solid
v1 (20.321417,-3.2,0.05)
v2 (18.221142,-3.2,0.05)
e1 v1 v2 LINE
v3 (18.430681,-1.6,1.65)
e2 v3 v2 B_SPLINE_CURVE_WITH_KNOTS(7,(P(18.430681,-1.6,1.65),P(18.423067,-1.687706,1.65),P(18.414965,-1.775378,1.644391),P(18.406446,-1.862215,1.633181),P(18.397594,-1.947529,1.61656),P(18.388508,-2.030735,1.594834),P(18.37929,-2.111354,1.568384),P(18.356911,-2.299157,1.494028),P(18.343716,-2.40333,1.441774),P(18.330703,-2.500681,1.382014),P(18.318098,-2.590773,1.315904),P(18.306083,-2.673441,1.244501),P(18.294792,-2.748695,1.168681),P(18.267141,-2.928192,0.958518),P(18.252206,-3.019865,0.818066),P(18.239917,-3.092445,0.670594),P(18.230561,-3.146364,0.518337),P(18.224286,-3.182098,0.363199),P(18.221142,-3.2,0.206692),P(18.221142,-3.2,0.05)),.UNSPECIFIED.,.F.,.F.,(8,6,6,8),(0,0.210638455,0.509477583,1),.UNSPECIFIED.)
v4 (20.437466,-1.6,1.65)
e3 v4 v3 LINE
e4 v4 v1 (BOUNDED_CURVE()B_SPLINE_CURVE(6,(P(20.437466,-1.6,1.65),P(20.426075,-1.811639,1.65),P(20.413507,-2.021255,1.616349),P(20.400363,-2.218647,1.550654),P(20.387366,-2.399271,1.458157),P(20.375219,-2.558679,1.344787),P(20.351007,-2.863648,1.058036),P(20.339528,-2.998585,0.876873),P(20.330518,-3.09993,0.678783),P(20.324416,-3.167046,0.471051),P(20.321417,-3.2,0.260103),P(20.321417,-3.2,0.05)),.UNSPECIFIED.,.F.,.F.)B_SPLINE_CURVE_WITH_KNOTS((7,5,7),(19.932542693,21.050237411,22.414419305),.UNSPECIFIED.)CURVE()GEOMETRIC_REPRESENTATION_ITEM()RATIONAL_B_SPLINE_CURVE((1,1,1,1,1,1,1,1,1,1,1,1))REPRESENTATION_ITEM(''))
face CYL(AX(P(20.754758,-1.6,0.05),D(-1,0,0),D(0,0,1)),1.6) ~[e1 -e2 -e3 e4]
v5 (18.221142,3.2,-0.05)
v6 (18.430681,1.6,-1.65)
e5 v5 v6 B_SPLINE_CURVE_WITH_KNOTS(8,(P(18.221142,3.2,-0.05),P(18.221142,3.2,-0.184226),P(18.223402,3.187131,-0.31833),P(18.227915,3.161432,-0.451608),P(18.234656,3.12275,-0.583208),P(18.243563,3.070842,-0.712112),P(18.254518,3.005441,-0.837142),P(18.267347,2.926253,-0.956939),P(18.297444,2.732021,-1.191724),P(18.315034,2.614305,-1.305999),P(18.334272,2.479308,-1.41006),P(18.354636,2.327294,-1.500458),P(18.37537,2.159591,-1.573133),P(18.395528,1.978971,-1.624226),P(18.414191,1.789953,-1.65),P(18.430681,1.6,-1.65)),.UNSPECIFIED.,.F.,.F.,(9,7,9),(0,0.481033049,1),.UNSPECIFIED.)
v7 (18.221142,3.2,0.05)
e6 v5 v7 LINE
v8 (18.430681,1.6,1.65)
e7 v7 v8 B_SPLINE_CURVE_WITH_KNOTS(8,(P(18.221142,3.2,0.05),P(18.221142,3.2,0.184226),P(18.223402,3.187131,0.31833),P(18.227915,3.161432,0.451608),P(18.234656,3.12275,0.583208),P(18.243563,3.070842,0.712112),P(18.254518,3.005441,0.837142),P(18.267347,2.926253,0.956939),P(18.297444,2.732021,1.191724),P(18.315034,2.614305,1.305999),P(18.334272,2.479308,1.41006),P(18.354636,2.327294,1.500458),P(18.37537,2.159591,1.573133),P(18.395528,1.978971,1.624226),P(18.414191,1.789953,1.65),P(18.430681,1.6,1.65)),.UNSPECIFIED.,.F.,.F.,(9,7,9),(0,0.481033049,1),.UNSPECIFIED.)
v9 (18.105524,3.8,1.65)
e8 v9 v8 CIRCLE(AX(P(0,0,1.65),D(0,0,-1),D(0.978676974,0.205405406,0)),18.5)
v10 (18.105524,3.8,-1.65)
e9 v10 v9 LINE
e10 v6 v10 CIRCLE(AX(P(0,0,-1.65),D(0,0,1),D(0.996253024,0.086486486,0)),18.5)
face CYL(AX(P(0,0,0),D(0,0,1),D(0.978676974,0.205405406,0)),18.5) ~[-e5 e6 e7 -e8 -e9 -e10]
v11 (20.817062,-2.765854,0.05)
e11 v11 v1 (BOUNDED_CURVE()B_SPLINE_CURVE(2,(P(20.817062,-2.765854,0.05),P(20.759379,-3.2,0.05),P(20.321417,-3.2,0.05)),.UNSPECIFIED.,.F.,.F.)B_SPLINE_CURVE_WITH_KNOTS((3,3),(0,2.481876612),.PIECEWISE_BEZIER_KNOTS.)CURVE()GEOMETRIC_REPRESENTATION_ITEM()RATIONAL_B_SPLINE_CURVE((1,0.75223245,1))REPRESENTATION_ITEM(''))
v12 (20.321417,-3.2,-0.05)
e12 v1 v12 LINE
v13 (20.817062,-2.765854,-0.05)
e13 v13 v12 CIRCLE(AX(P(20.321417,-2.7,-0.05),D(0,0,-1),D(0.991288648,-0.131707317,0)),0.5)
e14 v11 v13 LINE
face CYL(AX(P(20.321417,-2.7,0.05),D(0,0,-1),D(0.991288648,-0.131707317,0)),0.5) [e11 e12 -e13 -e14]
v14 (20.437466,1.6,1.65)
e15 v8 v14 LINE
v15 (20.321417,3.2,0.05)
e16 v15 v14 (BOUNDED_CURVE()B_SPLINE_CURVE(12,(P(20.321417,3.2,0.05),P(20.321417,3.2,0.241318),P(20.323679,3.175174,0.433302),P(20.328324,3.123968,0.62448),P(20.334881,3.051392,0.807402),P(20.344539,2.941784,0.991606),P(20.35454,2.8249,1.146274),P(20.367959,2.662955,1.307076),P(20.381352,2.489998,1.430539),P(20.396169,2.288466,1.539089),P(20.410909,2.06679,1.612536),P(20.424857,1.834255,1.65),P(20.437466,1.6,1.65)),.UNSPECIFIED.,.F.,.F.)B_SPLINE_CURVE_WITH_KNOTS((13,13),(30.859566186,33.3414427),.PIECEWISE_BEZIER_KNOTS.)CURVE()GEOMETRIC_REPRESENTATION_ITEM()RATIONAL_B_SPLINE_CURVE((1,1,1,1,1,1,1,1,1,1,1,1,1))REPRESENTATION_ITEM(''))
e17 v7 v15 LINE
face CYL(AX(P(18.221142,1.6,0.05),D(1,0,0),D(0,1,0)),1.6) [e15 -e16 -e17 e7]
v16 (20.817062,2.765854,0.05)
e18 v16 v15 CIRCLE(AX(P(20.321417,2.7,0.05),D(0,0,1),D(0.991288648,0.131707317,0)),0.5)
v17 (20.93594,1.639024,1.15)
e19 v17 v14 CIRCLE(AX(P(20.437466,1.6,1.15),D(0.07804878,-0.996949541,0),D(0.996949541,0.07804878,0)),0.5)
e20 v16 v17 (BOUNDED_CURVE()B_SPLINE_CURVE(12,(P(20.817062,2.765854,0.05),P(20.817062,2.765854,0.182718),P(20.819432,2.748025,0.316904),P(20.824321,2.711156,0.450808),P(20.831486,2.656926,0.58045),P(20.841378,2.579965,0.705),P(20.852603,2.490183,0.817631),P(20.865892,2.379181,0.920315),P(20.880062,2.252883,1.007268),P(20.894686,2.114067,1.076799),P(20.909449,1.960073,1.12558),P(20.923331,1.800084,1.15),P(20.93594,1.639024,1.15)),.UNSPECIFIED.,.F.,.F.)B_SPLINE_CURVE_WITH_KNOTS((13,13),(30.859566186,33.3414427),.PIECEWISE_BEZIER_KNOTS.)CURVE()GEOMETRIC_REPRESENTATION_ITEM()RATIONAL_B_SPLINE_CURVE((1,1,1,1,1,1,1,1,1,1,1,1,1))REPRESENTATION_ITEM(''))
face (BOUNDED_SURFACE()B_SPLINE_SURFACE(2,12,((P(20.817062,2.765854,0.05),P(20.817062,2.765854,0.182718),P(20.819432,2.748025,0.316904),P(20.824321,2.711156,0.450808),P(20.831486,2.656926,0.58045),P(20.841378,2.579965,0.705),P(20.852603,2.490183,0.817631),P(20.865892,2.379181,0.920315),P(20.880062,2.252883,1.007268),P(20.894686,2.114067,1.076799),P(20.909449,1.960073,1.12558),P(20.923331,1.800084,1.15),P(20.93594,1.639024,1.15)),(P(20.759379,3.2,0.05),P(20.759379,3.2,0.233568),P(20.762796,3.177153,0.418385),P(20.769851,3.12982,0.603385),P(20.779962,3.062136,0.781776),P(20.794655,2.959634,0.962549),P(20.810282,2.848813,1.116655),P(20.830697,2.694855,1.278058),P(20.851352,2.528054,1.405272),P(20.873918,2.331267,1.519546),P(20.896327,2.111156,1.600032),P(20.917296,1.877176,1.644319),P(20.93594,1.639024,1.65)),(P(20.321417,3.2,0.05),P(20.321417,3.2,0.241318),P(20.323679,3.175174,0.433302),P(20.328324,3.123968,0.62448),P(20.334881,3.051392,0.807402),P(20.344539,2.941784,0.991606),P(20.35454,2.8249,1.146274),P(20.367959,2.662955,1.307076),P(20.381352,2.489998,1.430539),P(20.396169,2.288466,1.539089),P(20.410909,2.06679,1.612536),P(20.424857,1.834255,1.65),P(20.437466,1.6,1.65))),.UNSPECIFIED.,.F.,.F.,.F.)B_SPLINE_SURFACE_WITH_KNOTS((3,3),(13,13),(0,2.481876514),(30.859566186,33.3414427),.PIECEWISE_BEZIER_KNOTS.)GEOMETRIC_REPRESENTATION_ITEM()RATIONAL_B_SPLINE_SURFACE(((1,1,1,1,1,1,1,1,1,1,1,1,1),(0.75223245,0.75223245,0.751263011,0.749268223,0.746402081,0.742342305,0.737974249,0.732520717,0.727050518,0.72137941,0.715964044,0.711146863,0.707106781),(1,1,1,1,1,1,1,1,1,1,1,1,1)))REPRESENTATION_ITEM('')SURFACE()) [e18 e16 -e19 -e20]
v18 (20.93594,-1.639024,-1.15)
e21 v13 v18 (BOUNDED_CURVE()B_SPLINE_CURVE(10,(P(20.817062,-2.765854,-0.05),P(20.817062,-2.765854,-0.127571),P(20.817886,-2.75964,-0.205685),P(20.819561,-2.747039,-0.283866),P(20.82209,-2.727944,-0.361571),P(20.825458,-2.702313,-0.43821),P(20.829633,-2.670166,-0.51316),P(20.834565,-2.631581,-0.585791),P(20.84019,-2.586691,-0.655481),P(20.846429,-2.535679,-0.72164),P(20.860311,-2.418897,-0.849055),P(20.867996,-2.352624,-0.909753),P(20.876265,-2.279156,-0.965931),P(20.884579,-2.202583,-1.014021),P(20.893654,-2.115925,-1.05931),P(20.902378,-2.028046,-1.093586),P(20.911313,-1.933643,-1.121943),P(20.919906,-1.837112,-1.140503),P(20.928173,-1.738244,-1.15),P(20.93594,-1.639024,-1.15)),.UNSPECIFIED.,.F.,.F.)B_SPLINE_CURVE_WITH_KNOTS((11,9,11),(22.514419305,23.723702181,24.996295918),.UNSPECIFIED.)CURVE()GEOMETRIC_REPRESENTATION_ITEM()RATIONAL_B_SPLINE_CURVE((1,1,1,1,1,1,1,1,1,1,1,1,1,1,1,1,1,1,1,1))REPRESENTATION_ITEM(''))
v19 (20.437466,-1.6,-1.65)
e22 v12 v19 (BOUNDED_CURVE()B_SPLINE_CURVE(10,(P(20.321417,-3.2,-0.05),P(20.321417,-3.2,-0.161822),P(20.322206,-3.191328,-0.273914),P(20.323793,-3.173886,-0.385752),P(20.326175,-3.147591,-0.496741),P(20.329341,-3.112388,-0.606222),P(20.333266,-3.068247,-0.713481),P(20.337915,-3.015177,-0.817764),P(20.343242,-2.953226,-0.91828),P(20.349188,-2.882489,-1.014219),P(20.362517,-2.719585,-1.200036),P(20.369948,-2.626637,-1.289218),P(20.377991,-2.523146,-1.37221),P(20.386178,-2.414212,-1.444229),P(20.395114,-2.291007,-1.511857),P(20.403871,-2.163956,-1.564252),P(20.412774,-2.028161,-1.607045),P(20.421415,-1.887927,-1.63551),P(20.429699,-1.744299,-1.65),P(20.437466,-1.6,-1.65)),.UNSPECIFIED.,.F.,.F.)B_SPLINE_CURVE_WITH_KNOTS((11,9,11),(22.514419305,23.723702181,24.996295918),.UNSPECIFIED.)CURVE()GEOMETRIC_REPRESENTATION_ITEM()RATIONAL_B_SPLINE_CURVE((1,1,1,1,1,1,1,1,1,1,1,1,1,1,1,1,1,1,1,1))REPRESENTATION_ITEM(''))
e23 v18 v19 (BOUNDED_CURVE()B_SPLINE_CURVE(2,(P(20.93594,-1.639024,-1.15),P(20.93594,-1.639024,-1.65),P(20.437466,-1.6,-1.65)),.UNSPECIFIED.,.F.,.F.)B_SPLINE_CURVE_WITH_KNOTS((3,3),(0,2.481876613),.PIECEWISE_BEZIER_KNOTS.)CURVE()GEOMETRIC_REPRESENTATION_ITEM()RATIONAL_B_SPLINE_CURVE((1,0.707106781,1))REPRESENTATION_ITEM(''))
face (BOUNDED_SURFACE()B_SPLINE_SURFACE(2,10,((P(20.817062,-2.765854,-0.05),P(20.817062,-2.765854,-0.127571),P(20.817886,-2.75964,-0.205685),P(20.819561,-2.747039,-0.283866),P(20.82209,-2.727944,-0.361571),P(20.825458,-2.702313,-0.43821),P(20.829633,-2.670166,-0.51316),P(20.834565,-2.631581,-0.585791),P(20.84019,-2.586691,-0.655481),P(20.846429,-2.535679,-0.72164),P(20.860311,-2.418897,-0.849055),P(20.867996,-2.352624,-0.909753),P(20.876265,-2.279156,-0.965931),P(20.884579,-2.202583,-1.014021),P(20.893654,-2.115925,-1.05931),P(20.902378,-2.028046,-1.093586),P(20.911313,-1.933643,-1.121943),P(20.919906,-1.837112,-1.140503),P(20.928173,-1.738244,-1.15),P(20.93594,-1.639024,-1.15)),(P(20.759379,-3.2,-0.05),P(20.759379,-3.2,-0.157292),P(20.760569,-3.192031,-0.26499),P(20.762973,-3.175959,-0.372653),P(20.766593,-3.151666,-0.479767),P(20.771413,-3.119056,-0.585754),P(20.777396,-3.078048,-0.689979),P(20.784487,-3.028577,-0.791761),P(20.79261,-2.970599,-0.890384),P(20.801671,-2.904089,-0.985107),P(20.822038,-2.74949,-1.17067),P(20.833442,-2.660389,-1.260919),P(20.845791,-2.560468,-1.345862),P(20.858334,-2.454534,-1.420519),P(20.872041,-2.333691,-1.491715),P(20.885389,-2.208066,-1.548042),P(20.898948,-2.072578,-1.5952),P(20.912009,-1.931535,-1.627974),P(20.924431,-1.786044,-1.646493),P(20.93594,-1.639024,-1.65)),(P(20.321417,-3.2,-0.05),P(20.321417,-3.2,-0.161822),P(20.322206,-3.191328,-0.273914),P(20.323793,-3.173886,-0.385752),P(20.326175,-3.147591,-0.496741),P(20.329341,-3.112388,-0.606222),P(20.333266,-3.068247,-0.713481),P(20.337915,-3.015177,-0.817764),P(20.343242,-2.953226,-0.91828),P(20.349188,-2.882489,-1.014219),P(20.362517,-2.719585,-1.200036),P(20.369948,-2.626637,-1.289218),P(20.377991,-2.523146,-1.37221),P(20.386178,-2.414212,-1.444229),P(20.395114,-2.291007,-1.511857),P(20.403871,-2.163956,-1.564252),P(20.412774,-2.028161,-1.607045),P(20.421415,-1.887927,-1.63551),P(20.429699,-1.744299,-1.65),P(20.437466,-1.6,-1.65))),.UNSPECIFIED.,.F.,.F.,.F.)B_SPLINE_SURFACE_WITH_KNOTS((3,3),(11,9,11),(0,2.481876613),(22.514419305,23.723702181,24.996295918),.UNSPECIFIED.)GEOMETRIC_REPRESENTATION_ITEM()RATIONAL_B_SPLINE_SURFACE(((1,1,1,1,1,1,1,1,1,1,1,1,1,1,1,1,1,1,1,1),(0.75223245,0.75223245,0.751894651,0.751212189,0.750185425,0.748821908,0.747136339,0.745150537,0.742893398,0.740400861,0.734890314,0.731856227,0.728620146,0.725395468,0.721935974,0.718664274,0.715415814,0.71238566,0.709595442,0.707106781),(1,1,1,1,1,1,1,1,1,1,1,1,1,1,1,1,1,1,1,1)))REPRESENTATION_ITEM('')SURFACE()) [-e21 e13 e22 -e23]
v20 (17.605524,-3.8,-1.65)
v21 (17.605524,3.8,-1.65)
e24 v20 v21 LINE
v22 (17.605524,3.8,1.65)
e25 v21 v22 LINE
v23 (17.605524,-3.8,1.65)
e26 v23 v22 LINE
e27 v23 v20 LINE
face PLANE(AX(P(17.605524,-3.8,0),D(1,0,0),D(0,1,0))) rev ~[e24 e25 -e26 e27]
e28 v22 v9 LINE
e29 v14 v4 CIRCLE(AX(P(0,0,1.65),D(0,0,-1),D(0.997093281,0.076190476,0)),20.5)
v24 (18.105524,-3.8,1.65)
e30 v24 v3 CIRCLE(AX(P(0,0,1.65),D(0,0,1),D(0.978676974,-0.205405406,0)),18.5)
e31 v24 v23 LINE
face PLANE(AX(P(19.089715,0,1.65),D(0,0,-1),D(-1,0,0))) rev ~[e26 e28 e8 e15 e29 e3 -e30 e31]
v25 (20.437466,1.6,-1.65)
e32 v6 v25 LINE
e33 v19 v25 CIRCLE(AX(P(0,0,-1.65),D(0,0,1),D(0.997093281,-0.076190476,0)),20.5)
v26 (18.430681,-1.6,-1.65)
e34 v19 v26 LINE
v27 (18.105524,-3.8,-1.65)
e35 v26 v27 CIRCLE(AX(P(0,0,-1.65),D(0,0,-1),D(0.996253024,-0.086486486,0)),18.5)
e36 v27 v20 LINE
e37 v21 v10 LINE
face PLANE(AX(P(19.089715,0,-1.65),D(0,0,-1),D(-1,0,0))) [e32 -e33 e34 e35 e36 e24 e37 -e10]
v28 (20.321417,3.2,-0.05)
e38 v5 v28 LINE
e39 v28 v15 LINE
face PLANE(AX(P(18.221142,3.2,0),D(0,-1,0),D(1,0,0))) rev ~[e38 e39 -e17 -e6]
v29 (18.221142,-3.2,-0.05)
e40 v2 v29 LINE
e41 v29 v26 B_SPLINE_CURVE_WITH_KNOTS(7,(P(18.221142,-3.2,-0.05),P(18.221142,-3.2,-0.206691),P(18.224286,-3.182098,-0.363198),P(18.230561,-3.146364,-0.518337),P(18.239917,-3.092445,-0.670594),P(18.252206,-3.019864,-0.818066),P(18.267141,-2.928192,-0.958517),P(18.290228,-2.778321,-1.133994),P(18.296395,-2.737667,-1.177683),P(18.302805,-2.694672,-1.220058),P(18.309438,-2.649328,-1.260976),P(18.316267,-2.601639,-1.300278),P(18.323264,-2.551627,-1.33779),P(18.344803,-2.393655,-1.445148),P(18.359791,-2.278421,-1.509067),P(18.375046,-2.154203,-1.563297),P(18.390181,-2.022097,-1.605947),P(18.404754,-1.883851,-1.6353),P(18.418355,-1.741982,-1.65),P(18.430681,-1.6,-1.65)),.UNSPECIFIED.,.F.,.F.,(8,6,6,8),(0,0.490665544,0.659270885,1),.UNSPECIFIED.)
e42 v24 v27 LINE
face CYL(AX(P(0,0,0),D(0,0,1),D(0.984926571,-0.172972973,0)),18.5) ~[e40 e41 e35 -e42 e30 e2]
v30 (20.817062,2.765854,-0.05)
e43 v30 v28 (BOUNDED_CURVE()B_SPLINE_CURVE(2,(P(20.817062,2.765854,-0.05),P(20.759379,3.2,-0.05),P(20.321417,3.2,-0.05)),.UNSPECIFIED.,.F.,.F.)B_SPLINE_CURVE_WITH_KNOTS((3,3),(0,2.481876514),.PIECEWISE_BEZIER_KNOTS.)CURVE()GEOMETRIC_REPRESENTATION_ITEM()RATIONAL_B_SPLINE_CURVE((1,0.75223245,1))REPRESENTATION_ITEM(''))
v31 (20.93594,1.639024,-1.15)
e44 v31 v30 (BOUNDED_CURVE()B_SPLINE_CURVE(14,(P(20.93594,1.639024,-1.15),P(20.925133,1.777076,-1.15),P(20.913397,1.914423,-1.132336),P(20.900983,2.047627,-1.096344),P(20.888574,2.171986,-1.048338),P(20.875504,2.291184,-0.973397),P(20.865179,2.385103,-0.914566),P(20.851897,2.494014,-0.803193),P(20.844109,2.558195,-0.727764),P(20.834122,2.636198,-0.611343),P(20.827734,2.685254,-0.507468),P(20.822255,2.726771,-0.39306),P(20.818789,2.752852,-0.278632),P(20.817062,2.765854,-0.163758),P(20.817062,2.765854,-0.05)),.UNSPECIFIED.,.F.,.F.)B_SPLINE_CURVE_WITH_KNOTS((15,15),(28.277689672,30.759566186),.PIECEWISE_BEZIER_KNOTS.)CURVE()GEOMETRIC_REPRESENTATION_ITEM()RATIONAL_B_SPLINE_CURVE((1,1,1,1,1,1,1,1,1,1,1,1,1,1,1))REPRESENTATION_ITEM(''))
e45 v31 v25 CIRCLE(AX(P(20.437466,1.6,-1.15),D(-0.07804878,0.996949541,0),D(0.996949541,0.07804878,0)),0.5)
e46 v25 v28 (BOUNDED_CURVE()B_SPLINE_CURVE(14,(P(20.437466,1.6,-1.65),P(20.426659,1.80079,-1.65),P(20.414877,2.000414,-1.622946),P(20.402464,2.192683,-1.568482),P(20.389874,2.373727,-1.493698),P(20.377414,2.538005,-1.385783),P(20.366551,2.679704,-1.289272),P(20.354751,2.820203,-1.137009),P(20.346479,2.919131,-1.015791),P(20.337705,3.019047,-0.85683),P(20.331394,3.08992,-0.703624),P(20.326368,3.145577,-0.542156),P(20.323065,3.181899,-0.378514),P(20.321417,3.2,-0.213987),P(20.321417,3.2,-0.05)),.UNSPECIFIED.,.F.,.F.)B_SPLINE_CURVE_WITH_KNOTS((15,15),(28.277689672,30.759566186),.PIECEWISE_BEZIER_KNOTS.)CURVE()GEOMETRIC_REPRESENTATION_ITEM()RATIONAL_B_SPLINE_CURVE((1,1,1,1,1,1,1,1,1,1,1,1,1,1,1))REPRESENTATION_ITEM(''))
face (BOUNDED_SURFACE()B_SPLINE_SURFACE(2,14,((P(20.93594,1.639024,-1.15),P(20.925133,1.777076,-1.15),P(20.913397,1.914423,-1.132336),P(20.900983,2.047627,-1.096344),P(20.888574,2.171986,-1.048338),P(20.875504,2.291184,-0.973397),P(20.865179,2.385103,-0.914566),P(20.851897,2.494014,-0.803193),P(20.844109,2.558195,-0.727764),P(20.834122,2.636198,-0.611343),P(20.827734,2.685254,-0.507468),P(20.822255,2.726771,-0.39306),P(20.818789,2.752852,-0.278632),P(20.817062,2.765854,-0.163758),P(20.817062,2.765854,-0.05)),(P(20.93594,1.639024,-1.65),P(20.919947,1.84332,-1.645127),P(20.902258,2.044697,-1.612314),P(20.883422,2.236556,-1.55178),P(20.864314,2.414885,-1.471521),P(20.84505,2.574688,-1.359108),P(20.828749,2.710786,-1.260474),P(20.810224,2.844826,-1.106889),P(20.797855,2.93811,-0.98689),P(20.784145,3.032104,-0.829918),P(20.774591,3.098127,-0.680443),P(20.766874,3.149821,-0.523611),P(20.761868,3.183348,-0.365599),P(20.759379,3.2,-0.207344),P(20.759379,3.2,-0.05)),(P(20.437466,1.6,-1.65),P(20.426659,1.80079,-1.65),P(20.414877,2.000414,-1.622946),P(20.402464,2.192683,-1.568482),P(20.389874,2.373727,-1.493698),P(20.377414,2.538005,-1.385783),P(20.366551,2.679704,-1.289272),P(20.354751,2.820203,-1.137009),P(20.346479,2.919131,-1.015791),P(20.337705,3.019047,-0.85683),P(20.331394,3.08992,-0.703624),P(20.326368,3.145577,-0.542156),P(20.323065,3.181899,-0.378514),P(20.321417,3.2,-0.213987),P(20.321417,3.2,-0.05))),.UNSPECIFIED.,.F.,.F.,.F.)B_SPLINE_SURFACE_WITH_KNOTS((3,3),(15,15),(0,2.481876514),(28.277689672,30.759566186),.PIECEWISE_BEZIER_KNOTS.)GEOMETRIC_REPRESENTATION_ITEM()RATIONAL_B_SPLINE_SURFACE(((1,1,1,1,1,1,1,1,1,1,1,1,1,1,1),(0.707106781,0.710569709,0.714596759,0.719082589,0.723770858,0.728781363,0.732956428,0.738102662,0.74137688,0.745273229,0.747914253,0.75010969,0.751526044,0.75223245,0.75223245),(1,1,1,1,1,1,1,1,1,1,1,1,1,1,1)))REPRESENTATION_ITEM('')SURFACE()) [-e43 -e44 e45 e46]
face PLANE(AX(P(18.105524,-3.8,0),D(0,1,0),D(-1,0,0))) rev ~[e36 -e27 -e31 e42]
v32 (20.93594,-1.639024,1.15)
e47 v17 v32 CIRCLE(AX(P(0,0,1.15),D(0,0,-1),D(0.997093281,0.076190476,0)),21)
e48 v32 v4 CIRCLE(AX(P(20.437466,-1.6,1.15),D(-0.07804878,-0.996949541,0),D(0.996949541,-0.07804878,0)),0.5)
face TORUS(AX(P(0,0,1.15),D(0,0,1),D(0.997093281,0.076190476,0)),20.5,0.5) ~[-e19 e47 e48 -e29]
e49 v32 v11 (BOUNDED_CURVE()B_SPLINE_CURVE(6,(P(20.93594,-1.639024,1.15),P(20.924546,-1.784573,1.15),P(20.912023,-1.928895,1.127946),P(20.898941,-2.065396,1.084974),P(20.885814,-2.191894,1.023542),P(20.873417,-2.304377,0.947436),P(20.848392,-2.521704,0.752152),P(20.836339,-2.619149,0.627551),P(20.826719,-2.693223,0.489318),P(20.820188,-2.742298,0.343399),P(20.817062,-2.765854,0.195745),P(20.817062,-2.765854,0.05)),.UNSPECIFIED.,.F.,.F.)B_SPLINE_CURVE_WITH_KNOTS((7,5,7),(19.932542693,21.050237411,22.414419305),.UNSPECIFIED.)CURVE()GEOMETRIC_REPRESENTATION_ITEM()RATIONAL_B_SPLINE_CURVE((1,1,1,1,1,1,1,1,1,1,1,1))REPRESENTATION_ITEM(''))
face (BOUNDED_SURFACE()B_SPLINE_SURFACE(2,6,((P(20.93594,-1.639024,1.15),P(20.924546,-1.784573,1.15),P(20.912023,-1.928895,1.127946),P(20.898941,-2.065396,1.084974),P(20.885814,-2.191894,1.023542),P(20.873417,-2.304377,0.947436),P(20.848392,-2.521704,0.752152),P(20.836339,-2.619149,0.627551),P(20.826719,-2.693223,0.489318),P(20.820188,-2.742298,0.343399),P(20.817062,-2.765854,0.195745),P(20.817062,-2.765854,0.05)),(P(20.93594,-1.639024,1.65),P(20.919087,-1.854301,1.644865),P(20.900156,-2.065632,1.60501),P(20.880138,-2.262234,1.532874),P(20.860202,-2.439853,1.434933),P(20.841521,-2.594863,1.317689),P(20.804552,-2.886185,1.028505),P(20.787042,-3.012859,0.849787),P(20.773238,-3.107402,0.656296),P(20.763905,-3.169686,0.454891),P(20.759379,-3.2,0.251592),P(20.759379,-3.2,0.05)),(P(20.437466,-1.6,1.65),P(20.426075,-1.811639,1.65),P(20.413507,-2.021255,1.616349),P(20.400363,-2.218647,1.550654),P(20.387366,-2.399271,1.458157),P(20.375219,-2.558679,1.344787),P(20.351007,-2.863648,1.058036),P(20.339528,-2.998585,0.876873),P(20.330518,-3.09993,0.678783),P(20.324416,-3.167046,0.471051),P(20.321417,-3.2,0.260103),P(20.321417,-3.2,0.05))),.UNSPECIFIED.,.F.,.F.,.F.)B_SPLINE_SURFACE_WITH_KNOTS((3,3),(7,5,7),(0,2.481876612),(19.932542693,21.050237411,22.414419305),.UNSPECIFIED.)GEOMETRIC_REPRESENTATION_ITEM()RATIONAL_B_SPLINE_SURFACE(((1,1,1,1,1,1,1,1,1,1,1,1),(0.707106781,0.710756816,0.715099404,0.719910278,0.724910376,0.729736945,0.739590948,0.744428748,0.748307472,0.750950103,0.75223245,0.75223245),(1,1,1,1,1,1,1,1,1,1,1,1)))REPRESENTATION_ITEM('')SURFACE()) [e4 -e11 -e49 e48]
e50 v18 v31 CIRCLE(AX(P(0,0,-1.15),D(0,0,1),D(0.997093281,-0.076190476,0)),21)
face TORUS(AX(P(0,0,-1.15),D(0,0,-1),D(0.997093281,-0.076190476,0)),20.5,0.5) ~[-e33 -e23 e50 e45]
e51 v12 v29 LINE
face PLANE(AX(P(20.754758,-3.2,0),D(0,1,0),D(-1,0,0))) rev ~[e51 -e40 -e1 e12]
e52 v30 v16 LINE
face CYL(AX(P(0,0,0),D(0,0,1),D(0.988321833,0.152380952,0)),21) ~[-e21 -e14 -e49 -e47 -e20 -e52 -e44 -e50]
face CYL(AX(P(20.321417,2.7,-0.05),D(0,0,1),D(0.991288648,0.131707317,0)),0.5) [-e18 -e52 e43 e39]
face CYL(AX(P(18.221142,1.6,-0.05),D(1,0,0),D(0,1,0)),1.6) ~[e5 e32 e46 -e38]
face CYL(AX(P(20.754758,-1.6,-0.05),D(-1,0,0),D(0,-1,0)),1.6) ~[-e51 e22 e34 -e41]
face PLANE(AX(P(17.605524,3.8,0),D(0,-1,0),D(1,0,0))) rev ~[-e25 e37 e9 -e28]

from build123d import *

# Parameters (mm, degrees)
BOSS_EXTRUDE1_DEPTH = 1.65
FILLET1_R           = 1.6
FILLET2_R           = 0.5


with BuildPart() as part:
    # Sketch1 → Boss-Extrude1 (new, symmetric)
    with BuildSketch(Plane.XY):
        with BuildLine():
            Line((18.221141567, 3.2), (20.754758491, 3.2))
            ThreePointArc((20.754758491, 3.2), (21, 0), (20.754758491, -3.2))
            Line((20.754758491, -3.2), (18.221141567, -3.2))
            ThreePointArc((18.221141567, -3.2), (18.165810143, -3.500477375), (18.105524019, -3.8))
            Line((18.105524019, -3.8), (17.605524019, -3.8))
            Line((17.605524019, -3.8), (17.605524019, 3.8))
            Line((17.605524019, 3.8), (18.105524019, 3.8))
            ThreePointArc((18.105524019, 3.8), (18.165810143, 3.500477375), (18.221141567, 3.2))
        make_face()
    extrude(amount=BOSS_EXTRUDE1_DEPTH, both=True)

    # Fillet1
    fillet1_edges = [part.edges().sort_by_distance(p)[0] for p in [
        (19.487950029, 3.2, -1.65),
        (19.487950029, -3.2, 1.65),
        (19.487950029, 3.2, 1.65),
        (19.487950029, -3.2, -1.65),
    ]]
    fillet(fillet1_edges, radius=FILLET1_R)

    # Fillet2
    fillet2_edges = [part.edges().sort_by_distance(p)[0] for p in [
        (21, 0, 1.65),
        (21, 0, -1.65),
        (20.754758491, 3.2, 0),
        (20.754758491, -3.2, 0),
        (20.821763727, 2.730229949, 1.182510681),
        (20.821763726, 2.730229907, -1.182510644),
        (20.821763721, -2.730229944, -1.182510607),
        (20.821763721, -2.730229942, 1.182510608),
    ]]
    fillet(fillet2_edges, radius=FILLET2_R)


solid = part.part
